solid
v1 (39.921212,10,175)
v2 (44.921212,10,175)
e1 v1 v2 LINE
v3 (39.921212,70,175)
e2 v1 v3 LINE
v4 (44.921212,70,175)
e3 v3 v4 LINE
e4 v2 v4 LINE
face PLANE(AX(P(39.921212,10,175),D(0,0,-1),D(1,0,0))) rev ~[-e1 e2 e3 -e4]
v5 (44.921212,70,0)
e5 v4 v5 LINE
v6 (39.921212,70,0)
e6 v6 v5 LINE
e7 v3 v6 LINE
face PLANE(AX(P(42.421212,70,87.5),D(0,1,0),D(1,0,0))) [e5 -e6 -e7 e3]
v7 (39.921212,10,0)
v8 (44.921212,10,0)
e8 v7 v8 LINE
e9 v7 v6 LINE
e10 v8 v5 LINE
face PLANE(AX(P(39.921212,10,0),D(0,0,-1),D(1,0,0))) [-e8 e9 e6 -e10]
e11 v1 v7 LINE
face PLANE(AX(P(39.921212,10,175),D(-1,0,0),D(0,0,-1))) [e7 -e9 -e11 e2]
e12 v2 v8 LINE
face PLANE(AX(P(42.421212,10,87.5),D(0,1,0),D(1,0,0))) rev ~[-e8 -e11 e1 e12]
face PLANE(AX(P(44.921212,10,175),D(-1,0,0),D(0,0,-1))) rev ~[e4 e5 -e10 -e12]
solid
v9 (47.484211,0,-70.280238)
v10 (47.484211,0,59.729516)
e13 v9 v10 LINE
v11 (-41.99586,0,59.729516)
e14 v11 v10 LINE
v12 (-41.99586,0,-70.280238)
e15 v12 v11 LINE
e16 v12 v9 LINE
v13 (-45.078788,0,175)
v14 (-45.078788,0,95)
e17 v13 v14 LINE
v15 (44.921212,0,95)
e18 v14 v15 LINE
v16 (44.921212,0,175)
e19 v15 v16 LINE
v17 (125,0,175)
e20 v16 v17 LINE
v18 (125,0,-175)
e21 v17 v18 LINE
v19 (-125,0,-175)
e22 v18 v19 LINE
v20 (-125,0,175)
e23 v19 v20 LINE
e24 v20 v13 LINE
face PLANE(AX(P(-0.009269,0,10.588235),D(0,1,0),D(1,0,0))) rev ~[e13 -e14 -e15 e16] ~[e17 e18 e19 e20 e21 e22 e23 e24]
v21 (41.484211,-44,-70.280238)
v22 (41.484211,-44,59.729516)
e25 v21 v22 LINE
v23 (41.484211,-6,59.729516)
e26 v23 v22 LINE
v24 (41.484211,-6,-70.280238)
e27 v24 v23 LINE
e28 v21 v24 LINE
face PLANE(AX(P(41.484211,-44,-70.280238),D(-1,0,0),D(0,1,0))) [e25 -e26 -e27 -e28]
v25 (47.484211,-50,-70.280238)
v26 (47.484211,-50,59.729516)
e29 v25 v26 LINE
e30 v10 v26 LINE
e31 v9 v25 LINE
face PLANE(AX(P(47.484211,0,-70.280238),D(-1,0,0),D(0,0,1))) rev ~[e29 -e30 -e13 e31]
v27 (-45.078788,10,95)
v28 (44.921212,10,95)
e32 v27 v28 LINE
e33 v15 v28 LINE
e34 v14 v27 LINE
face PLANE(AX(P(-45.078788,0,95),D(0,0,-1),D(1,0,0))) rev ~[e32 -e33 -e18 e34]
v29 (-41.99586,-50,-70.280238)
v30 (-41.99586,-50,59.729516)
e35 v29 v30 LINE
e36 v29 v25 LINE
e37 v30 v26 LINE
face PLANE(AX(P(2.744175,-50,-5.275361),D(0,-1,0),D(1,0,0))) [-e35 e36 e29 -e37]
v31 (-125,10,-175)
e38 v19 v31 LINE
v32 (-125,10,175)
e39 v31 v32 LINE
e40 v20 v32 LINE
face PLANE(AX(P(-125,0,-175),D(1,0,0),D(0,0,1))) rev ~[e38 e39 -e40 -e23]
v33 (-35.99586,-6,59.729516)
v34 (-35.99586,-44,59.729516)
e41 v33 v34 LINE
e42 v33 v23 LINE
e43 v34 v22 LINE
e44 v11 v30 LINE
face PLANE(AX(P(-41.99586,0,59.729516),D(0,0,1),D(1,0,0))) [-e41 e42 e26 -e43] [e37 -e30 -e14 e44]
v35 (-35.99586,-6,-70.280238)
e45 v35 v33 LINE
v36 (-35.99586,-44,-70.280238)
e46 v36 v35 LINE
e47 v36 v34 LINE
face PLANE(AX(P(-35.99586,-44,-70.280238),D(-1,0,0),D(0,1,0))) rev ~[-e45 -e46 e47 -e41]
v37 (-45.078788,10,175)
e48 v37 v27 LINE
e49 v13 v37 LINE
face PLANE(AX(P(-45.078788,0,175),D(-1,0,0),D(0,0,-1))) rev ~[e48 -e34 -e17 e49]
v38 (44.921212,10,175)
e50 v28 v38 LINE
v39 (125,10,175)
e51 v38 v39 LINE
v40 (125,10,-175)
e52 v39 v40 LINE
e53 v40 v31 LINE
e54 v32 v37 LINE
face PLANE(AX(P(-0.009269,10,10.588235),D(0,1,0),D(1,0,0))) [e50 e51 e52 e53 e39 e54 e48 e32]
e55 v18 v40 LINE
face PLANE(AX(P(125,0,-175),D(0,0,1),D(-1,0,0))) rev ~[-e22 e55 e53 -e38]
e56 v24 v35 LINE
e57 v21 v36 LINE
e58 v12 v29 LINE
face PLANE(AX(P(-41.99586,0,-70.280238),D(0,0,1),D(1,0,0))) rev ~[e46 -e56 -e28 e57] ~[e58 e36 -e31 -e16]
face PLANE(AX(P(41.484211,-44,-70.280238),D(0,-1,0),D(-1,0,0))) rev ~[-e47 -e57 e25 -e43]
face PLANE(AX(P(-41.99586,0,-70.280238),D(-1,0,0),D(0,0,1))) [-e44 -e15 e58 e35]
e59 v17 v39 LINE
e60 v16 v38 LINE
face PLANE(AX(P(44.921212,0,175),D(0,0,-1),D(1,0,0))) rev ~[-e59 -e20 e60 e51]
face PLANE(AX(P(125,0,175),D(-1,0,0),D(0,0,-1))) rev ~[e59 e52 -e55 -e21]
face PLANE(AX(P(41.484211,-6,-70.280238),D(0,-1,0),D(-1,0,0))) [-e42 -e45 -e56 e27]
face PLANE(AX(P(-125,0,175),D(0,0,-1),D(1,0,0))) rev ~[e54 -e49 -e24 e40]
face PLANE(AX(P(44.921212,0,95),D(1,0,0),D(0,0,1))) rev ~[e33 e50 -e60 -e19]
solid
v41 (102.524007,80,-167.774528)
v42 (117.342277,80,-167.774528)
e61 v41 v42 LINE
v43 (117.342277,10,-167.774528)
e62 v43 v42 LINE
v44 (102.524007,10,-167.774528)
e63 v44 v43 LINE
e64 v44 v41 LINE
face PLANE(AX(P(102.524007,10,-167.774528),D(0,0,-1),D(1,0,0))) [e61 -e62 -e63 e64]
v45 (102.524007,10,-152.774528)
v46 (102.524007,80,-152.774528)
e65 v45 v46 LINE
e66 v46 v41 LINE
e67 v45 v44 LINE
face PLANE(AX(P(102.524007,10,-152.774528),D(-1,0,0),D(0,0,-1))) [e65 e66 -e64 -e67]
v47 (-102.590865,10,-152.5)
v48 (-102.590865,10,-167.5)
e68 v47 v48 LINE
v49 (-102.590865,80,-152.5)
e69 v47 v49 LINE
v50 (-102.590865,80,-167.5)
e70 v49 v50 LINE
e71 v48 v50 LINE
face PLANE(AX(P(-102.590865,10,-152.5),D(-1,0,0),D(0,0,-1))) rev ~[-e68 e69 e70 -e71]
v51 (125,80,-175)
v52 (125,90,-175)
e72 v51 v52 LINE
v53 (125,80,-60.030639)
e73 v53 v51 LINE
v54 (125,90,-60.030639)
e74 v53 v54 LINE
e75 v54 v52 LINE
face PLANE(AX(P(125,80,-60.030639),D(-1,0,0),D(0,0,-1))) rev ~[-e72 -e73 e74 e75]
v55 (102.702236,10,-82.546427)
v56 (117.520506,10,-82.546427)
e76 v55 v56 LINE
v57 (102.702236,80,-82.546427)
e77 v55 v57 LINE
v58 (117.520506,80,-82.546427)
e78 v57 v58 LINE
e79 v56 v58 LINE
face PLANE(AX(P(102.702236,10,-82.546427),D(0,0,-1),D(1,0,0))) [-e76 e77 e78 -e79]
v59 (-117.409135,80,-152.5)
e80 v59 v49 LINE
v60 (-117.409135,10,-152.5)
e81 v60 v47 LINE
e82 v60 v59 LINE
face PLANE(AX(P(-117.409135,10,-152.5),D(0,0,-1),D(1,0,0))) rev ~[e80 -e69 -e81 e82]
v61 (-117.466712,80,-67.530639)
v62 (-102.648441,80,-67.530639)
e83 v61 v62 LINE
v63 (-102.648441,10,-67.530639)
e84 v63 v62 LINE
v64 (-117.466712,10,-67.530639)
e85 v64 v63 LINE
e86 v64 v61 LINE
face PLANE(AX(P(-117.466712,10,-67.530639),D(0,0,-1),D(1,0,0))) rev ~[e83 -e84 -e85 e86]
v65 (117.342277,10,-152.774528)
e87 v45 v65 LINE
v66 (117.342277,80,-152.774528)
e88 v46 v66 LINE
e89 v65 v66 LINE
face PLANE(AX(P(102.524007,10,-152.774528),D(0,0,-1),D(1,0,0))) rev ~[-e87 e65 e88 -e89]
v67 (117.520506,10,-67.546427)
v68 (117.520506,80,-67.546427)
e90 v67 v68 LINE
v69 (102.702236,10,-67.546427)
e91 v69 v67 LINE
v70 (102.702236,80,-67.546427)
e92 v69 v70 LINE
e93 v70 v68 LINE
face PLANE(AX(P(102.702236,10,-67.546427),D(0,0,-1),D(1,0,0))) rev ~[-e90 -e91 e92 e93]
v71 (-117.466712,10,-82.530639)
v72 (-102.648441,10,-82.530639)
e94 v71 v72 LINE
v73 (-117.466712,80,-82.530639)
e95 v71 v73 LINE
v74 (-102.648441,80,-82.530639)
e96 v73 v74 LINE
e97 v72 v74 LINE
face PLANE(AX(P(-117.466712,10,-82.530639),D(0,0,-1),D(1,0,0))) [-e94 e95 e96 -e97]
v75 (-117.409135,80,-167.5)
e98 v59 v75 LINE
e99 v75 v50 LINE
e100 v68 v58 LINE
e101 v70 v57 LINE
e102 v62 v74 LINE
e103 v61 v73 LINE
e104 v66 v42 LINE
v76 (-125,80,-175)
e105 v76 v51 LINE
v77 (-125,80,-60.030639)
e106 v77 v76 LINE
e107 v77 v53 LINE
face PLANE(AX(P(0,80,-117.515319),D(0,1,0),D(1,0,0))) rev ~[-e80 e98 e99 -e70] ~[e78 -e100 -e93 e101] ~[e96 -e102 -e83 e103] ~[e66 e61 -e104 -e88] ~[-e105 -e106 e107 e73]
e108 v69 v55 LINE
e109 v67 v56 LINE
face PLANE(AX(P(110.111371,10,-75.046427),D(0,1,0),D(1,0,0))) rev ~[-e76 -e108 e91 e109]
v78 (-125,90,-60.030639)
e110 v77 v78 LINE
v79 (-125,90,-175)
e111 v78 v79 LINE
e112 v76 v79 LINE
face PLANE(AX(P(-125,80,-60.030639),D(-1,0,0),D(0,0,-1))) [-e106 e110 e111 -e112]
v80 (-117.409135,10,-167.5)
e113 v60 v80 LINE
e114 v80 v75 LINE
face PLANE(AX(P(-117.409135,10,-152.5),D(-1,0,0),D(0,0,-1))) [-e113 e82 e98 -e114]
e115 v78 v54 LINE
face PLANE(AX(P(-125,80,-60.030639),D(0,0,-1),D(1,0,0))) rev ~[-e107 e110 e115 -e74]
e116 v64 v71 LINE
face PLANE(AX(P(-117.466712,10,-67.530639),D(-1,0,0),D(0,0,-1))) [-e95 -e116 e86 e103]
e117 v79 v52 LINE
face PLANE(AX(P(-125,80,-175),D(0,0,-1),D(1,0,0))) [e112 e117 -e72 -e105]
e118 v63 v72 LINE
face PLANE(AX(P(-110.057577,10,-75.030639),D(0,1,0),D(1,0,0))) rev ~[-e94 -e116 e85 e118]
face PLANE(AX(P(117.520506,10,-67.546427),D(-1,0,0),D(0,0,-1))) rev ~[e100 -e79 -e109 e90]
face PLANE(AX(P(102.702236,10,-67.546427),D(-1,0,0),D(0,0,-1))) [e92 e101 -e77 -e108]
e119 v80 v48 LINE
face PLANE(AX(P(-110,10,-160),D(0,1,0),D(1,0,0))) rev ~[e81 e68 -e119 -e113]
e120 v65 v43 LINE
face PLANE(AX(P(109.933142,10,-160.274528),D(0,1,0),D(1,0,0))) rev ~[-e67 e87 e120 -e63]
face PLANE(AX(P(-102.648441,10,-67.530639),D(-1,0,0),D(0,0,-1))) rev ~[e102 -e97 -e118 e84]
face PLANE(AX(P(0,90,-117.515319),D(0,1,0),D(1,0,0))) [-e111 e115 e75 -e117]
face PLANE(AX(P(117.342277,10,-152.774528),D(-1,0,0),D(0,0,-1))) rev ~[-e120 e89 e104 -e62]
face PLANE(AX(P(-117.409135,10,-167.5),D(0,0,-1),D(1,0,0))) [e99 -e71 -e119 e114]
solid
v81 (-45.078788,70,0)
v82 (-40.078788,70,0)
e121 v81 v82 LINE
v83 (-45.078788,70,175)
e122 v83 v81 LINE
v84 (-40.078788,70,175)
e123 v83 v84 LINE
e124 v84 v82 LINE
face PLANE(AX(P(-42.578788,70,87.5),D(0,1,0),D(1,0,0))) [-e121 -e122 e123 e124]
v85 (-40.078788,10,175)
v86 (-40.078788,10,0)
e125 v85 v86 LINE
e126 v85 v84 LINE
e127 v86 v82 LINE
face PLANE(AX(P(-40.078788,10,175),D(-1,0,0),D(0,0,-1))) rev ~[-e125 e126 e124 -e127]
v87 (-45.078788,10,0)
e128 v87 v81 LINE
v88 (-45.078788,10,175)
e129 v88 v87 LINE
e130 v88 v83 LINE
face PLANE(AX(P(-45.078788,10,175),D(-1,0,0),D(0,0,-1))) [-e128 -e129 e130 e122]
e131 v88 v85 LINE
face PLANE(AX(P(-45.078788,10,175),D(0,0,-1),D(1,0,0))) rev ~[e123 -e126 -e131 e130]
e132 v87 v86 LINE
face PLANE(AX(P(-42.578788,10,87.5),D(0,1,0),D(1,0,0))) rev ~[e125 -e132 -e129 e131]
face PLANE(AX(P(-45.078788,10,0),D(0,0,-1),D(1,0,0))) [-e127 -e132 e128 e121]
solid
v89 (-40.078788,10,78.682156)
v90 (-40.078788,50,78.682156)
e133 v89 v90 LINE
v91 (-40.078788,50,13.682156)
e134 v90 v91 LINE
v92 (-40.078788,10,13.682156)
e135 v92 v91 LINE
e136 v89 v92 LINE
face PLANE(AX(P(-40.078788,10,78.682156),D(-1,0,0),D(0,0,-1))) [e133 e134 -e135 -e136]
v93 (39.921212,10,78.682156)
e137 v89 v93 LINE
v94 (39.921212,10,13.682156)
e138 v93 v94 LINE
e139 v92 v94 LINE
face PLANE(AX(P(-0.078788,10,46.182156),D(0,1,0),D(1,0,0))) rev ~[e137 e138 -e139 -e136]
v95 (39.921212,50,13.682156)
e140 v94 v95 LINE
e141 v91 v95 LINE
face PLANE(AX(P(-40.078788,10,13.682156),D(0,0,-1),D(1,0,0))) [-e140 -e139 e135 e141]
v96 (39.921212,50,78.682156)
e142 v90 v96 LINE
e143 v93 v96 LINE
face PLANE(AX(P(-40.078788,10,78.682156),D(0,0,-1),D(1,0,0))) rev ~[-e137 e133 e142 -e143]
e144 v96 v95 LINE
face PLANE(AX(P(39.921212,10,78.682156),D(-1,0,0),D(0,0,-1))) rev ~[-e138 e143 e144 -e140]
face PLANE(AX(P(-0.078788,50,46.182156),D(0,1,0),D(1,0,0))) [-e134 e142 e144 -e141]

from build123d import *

# Parameters (mm, degrees)
BOSS_EXTRUDE1_DEPTH   = 10
SKETCH3_W             = 5
SKETCH3_H             = 175
BOSS_EXTRUDE3_DEPTH   = 60
BOSS_EXTRUDE3_2_DEPTH = 60
SKETCH4_W             = 80
SKETCH4_H             = 65
BOSS_EXTRUDE4_DEPTH   = 70
SKETCH4_W_2           = 14.818270304
SKETCH4_H_2           = 15
BOSS_EXTRUDE4_2_DEPTH = 70
BOSS_EXTRUDE4_3_DEPTH = 70
SKETCH4_W_3           = 14.818270303
BOSS_EXTRUDE4_4_DEPTH = 70
BOSS_EXTRUDE4_5_DEPTH = 70
SKETCH5_W             = 80
SKETCH5_H             = 65
CUT_EXTRUDE1_DEPTH    = 30
SKETCH6_W             = 250
SKETCH6_H             = 114.969361411
BOSS_EXTRUDE5_DEPTH   = 10
SKETCH7_W             = 89.480070442
SKETCH7_H             = 130.009753393
BOSS_EXTRUDE6_DEPTH   = 50
SKETCH8_W             = 77.480070442
SKETCH8_H             = 38
CUT_EXTRUDE4_DEPTH    = 246.280237845


with BuildPart() as part:
    # Sketch2 → Boss-Extrude1 (new body)
    with BuildSketch(Plane(origin=(0, 0, 0), x_dir=(1, 0, 0), z_dir=(0, 1, 0))):
        Polygon((125, 175), (-125, 175), (-125, -175), (-45.078787682, -175), (-45.078787682, -95), (44.921212318, -95), (44.921212318, -175), (44.965173676, -175), (125, -175), align=None)
    extrude(amount=BOSS_EXTRUDE1_DEPTH)

    # Sketch7 → Boss-Extrude6 (add)
    with BuildSketch(Plane.XZ):
        with Locations((2.744175311, -5.275361149)):
            Rectangle(SKETCH7_W, SKETCH7_H)
    extrude(amount=BOSS_EXTRUDE6_DEPTH)

    # Sketch8 → Cut-Extrude4 (cut, through all)
    with BuildSketch(Plane(origin=(0, 0, -70.280237845), x_dir=(-1, 0, 0), z_dir=(0, 0, -1))):
        with Locations((-2.744175311, -25)):
            Rectangle(SKETCH8_W, SKETCH8_H)
    extrude(amount=-CUT_EXTRUDE4_DEPTH, mode=Mode.SUBTRACT)


with BuildPart() as body_2:
    # Sketch3 → Boss-Extrude3 (new body)
    with BuildSketch(Plane(origin=(0, 10, 0), x_dir=(1, 0, 0), z_dir=(0, 1, 0))):
        with Locations((-42.578787682, -87.5)):
            Rectangle(SKETCH3_W, SKETCH3_H)
    extrude(amount=BOSS_EXTRUDE3_DEPTH)


with BuildPart() as body_3:
    # Sketch3 → Boss-Extrude3 2 (new body)
    with BuildSketch(Plane(origin=(0, 10, 0), x_dir=(1, 0, 0), z_dir=(0, 1, 0))):
        with Locations((42.421212318, -87.5)):
            Rectangle(SKETCH3_W, SKETCH3_H)
    extrude(amount=BOSS_EXTRUDE3_2_DEPTH)


with BuildPart() as body_4:
    # Sketch4 → Boss-Extrude4 (new body)
    with BuildSketch(Plane(origin=(0, 10, 0), x_dir=(1, 0, 0), z_dir=(0, 1, 0))):
        with Locations((-0.078787682, -46.182156377)):
            Rectangle(SKETCH4_W, SKETCH4_H)
    extrude(amount=BOSS_EXTRUDE4_DEPTH)

    # Sketch5 → Cut-Extrude1 (cut)
    with BuildSketch(Plane(origin=(0, 80, 0), x_dir=(1, 0, 0), z_dir=(0, 1, 0))):
        with Locations((-0.078787682, -46.182156377)):
            Rectangle(SKETCH5_W, SKETCH5_H)
    extrude(amount=-CUT_EXTRUDE1_DEPTH, mode=Mode.SUBTRACT)


with BuildPart() as body_5:
    # Sketch4 → Boss-Extrude4 2 (new body)
    with BuildSketch(Plane(origin=(0, 10, 0), x_dir=(1, 0, 0), z_dir=(0, 1, 0))):
        with Locations((-110, 160)):
            Rectangle(SKETCH4_W_2, SKETCH4_H_2)
    extrude(amount=BOSS_EXTRUDE4_2_DEPTH)



with BuildPart() as body_6:
    # Sketch4 → Boss-Extrude4 3 (new body)
    with BuildSketch(Plane(origin=(0, 10, 0), x_dir=(1, 0, 0), z_dir=(0, 1, 0))):
        with Locations((-110.057576569, 75.030638589)):
            Rectangle(SKETCH4_W_2, SKETCH4_H_2)
    extrude(amount=BOSS_EXTRUDE4_3_DEPTH)


with BuildPart() as body_7:
    # Sketch4 → Boss-Extrude4 4 (new body)
    with BuildSketch(Plane(origin=(0, 10, 0), x_dir=(1, 0, 0), z_dir=(0, 1, 0))):
        with Locations((109.933142223, 160.27452831)):
            Rectangle(SKETCH4_W_3, SKETCH4_H_2)
    extrude(amount=BOSS_EXTRUDE4_4_DEPTH)


with BuildPart() as body_8:
    # Sketch4 → Boss-Extrude4 5 (new body)
    with BuildSketch(Plane(origin=(0, 10, 0), x_dir=(1, 0, 0), z_dir=(0, 1, 0))):
        with Locations((110.111370806, 75.046426768)):
            Rectangle(SKETCH4_W_2, SKETCH4_H_2)
    extrude(amount=BOSS_EXTRUDE4_5_DEPTH)


with BuildPart() as body_5_1:
    add(body_5.part)

    add(body_6.part)  # Boss-Extrude5 merges body 6

    add(body_7.part)  # Boss-Extrude5 merges body 7

    add(body_8.part)  # Boss-Extrude5 merges body 8
    # Sketch6 → Boss-Extrude5 (add)
    with BuildSketch(Plane(origin=(0, 80, 0), x_dir=(1, 0, 0), z_dir=(0, 1, 0))):
        with Locations((0, 117.515319295)):
            Rectangle(SKETCH6_W, SKETCH6_H)
    extrude(amount=BOSS_EXTRUDE5_DEPTH)


solid = Compound([part.part, body_2.part, body_3.part, body_4.part, body_5_1.part])
